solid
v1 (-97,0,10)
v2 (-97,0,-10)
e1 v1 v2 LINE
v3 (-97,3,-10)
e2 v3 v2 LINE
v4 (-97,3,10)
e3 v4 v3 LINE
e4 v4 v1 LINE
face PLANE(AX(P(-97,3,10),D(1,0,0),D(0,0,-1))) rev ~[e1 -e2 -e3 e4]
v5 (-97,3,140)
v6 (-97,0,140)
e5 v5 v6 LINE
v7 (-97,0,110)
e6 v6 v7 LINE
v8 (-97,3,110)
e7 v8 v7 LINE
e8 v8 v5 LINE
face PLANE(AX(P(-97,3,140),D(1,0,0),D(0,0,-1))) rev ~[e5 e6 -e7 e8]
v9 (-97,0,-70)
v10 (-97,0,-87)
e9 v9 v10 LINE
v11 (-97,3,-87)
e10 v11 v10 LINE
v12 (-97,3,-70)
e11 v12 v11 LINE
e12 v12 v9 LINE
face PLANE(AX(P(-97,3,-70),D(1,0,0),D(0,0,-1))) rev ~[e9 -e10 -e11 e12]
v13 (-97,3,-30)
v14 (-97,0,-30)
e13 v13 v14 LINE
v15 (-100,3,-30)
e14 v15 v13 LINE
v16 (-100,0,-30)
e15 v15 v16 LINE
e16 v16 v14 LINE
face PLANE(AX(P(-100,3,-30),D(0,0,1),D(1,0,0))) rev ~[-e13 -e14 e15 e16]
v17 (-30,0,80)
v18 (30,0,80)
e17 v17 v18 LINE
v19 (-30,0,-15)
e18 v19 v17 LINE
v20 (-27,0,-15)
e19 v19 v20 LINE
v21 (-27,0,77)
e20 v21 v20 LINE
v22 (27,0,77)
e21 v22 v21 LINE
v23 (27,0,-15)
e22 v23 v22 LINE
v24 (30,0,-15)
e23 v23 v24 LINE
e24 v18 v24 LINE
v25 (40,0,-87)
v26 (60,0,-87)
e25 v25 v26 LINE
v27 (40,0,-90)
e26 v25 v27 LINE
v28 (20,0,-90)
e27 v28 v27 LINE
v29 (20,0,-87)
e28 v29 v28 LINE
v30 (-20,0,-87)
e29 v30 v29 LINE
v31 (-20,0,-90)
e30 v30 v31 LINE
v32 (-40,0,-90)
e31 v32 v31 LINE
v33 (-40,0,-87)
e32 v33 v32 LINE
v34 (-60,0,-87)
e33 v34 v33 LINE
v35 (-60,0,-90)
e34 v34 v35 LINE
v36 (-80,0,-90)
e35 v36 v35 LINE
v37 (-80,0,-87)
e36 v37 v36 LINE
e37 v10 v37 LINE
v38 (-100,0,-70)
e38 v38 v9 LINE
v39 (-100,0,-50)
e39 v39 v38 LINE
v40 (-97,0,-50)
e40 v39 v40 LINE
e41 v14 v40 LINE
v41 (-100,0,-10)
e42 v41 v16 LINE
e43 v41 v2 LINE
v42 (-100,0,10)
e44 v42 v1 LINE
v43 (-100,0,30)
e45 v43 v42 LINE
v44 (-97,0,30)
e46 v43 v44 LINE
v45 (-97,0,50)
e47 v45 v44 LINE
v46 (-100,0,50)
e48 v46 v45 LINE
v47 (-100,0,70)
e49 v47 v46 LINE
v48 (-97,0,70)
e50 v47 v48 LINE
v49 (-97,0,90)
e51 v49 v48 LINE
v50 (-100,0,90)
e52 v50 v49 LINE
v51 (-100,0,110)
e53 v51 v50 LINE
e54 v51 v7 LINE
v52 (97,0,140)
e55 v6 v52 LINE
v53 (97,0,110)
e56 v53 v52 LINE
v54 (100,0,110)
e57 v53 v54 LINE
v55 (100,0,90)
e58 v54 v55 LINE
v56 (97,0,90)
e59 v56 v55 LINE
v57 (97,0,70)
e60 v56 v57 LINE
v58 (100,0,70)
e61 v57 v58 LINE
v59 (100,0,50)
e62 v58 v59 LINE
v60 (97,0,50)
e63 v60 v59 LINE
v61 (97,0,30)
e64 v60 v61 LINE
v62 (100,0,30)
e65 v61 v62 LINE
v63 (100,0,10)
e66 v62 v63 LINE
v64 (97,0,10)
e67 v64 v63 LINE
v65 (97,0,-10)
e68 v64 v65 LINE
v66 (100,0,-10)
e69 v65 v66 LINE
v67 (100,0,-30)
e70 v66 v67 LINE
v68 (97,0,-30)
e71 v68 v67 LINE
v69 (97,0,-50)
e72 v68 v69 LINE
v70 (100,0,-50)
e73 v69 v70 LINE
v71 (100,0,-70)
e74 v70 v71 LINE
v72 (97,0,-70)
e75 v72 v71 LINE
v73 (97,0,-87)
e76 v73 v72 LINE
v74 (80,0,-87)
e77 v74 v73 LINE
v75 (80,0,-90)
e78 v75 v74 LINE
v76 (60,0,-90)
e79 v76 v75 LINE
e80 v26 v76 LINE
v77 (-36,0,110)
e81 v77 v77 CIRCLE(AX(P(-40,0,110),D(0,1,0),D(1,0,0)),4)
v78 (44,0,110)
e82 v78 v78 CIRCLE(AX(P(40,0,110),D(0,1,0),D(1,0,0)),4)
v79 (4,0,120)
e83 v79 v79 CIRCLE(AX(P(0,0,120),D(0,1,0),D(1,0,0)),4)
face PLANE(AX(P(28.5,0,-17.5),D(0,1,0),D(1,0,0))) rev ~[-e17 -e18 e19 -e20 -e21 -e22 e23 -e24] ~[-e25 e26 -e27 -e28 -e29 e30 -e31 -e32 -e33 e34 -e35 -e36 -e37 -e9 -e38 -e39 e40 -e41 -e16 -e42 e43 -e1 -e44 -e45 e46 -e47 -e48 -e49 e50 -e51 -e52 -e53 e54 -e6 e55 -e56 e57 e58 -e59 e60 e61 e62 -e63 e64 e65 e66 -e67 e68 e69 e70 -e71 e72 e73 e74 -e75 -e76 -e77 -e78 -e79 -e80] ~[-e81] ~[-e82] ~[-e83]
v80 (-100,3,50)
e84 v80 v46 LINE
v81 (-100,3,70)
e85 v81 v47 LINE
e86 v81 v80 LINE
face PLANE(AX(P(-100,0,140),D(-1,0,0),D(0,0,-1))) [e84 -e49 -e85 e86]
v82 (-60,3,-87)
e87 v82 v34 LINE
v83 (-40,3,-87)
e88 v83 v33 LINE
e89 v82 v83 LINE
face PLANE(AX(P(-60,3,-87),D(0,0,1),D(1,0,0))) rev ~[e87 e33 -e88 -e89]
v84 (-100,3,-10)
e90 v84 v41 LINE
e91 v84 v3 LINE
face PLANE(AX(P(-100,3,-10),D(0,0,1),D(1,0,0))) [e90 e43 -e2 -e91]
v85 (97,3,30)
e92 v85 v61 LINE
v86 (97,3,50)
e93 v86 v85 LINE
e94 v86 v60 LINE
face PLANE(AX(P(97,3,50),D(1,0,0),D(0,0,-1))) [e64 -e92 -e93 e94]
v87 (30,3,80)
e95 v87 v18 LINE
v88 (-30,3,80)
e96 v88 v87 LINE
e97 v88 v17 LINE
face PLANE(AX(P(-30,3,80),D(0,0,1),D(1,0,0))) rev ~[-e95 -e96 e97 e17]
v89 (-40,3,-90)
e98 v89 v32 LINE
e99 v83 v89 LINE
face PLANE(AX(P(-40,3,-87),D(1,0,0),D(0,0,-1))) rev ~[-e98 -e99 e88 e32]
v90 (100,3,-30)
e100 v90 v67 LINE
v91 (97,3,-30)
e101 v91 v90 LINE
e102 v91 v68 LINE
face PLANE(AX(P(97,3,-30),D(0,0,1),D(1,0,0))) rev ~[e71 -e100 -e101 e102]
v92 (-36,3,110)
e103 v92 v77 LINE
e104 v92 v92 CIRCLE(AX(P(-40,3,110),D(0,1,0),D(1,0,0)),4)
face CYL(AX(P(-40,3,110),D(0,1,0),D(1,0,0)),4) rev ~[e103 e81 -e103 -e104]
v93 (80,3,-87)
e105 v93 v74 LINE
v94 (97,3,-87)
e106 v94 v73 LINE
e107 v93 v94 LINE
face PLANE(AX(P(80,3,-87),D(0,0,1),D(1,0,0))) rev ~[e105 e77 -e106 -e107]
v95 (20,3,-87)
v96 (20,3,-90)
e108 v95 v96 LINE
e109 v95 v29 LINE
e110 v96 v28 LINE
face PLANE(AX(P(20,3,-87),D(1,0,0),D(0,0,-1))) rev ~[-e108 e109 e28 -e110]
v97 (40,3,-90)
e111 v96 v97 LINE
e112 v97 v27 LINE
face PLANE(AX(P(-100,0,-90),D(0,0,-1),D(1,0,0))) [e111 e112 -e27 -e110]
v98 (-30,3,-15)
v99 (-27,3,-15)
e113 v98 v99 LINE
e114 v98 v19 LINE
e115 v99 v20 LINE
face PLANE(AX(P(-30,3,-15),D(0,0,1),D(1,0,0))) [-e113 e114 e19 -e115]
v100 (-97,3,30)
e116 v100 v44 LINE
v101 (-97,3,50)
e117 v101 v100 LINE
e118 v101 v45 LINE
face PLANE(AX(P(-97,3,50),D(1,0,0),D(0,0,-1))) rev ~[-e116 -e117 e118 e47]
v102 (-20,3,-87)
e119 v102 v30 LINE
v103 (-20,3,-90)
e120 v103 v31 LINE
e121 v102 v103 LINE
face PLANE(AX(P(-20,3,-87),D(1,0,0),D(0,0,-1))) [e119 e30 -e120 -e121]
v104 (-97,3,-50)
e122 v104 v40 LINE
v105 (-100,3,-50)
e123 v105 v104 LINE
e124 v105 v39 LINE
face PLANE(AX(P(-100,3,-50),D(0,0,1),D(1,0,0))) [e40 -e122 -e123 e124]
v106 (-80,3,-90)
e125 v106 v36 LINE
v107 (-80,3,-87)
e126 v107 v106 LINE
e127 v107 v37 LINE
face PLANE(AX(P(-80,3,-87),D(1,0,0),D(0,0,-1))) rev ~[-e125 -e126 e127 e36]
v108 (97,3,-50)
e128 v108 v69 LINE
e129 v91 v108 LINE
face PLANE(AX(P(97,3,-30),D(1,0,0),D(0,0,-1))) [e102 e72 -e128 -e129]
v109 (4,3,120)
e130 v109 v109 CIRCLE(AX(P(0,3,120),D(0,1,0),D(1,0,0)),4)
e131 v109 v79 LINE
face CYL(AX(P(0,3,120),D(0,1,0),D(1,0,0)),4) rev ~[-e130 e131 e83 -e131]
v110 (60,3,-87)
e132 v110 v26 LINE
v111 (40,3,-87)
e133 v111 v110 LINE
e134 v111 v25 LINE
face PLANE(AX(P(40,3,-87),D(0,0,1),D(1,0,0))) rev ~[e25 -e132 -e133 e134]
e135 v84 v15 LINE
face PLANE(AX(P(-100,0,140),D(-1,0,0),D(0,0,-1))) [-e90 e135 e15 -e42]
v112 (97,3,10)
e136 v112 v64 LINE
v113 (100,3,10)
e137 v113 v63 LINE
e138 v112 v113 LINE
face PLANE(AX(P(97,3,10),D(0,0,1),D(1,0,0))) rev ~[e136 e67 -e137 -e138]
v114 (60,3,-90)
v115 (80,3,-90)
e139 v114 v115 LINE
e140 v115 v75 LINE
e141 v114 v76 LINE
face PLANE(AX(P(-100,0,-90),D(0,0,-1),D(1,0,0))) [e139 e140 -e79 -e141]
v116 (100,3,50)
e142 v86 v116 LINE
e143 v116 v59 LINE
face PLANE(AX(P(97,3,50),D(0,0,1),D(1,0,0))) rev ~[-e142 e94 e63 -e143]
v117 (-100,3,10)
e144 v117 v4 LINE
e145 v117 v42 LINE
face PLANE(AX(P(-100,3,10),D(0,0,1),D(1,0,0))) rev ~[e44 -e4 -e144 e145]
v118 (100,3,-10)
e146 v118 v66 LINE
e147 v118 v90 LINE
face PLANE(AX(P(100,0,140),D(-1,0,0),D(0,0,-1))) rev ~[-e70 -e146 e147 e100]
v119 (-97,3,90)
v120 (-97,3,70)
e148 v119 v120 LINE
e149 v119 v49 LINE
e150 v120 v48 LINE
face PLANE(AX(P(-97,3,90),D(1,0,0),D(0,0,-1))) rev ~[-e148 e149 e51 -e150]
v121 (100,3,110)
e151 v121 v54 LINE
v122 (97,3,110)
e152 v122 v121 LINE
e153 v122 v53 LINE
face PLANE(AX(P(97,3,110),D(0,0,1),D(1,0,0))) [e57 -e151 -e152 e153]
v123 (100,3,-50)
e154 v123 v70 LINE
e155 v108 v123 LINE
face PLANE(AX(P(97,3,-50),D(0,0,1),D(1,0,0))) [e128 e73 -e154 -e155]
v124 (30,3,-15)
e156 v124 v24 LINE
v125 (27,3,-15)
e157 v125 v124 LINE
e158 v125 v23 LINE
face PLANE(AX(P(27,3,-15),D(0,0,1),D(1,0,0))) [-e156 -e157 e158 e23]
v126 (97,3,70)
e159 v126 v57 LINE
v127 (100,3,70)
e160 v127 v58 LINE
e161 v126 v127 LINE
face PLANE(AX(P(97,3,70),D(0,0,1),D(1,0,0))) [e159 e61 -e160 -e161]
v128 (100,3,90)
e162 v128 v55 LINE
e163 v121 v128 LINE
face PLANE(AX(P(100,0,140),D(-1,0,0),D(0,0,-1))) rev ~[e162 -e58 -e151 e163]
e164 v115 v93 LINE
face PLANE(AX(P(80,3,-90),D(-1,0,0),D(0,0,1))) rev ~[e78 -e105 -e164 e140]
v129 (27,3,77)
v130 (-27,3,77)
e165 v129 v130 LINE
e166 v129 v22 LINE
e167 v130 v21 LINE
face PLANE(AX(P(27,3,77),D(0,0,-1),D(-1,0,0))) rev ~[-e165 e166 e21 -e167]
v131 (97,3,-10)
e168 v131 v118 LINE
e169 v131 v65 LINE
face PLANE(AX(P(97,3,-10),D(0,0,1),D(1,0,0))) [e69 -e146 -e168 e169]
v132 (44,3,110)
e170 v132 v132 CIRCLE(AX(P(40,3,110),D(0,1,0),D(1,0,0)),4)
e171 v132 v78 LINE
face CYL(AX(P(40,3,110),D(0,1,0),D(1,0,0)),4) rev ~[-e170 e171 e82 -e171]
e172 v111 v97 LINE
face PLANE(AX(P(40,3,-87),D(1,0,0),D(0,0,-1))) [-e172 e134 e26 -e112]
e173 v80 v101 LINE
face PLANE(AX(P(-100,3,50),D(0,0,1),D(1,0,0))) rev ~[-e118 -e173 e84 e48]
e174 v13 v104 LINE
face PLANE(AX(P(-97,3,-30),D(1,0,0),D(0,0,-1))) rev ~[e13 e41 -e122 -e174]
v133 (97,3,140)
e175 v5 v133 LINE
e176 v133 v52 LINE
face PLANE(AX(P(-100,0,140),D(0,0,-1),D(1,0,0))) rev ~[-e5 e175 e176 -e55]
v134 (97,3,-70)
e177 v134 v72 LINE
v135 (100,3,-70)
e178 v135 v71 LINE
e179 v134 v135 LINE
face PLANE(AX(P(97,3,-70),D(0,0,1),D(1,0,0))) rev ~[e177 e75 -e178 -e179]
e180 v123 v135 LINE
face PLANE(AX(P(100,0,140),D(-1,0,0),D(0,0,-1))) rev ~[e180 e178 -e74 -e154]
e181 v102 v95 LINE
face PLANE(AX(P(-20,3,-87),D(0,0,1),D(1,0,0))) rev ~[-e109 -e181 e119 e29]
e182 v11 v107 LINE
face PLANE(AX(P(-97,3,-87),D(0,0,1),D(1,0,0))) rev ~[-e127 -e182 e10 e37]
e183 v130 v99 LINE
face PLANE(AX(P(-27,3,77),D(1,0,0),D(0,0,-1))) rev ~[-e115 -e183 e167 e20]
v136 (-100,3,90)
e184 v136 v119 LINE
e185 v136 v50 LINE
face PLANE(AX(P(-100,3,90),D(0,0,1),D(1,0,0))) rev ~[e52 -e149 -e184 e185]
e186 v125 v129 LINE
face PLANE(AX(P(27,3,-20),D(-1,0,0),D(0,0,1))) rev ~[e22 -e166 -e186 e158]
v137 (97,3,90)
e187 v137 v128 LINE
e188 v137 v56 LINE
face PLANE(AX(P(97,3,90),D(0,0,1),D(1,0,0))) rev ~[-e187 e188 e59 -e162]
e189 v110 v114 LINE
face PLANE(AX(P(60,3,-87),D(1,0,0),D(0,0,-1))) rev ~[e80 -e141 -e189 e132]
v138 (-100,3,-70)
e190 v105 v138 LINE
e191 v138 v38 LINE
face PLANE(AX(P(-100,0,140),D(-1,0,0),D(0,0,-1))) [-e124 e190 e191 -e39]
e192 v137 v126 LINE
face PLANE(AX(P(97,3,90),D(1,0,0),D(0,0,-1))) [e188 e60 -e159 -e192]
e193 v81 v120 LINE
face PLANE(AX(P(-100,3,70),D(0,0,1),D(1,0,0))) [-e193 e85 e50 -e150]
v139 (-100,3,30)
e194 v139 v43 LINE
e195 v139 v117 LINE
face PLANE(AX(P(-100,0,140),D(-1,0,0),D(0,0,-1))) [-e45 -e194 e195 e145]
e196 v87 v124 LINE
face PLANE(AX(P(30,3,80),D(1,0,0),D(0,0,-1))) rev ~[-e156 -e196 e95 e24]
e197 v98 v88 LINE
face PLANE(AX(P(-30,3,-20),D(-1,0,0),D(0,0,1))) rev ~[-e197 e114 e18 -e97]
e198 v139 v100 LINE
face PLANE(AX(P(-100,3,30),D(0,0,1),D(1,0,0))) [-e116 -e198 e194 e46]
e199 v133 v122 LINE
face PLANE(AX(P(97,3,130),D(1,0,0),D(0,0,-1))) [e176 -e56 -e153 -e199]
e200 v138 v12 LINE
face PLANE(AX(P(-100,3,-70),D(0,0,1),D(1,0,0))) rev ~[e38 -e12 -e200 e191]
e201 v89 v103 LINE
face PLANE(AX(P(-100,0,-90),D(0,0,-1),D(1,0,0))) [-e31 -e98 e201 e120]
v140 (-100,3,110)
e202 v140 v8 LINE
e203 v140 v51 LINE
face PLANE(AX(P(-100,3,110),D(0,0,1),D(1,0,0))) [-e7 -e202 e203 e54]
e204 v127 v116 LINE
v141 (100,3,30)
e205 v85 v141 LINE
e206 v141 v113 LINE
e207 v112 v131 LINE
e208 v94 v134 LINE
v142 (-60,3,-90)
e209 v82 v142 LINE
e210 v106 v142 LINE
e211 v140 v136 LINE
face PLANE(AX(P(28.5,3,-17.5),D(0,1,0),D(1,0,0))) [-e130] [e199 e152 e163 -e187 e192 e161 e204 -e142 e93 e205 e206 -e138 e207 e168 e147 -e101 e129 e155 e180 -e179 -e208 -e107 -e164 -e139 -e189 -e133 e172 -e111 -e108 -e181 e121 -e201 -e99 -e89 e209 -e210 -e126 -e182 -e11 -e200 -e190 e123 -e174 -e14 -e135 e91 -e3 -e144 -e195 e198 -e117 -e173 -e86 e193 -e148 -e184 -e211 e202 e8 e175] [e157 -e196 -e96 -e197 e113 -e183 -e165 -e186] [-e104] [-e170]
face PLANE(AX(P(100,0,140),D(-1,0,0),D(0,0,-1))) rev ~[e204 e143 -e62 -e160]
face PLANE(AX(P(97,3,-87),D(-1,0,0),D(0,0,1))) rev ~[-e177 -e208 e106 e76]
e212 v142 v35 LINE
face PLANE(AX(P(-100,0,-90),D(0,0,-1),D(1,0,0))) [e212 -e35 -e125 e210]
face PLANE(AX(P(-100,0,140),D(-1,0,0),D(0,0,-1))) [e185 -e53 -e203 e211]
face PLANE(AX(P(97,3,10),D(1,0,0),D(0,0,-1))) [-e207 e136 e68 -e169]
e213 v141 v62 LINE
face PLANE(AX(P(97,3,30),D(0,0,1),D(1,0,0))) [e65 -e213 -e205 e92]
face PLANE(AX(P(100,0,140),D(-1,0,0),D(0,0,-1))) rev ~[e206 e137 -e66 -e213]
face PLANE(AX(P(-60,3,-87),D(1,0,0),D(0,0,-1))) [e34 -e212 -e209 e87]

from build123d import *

# Parameters (mm, degrees)
SKETCH1_W           = 200
SKETCH1_H           = 230
BOSS_EXTRUDE1_DEPTH = 3
CUT_EXTRUDE2_DEPTH  = 3
SKETCH5_W           = 3
SKETCH5_H           = 20
SKETCH5_W_2         = 20
SKETCH5_H_2         = 3
SKETCH5_W_3         = 40
CUT_EXTRUDE4_DEPTH  = 3
SKETCH6_W           = 3
SKETCH6_H           = 5
BOSS_EXTRUDE2_DEPTH = 3
SKETCH7_W           = 3
SKETCH7_H           = 10
CUT_EXTRUDE5_DEPTH  = 3
SKETCH8_R           = 4
CUT_EXTRUDE6_DEPTH  = 3


with BuildPart() as part:
    # Sketch1 → Boss-Extrude1 (new body)
    with BuildSketch(Plane(origin=(0, 0, 0), x_dir=(1, 0, 0), z_dir=(0, 1, 0))):
        with Locations((0, -25)):
            Rectangle(SKETCH1_W, SKETCH1_H)
    extrude(amount=BOSS_EXTRUDE1_DEPTH)

    # Sketch2 → Cut-Extrude2 (cut)
    with BuildSketch(Plane(origin=(0, 3, 0), x_dir=(1, 0, 0), z_dir=(0, 1, 0))):
        Polygon((-30, -80), (30, -80), (30, 20), (27, 20), (27, -77), (-27, -77), (-27, 20), (-30, 20), align=None)
    extrude(amount=-CUT_EXTRUDE2_DEPTH, mode=Mode.SUBTRACT)

    # Sketch5 → Cut-Extrude4 (cut)
    with BuildSketch(Plane(origin=(0, 3, 0), x_dir=(1, 0, 0), z_dir=(0, 1, 0))):
        with Locations((98.5, -120)):
            Rectangle(SKETCH5_W, SKETCH5_H)
        Polygon((100, 90), (80, 90), (80, 87), (97, 87), (97, 70), (100, 70), align=None)
        Polygon((-100, 90), (-100, 70), (-97, 70), (-97, 87), (-80, 87), (-80, 90), align=None)
        with Locations((98.5, 40)):
            Rectangle(SKETCH5_W, SKETCH5_H)
        with Locations((98.5, 0)):
            Rectangle(SKETCH5_W, SKETCH5_H)
        with Locations((98.5, -40)):
            Rectangle(SKETCH5_W, SKETCH5_H)
        with Locations((98.5, -80)):
            Rectangle(SKETCH5_W, SKETCH5_H)
        with Locations((-98.5, 40)):
            Rectangle(SKETCH5_W, SKETCH5_H)
        with Locations((-98.5, 0)):
            Rectangle(SKETCH5_W, SKETCH5_H)
        with Locations((-98.5, -40)):
            Rectangle(SKETCH5_W, SKETCH5_H)
        with Locations((-98.5, -80)):
            Rectangle(SKETCH5_W, SKETCH5_H)
        with Locations((-98.5, -120)):
            Rectangle(SKETCH5_W, SKETCH5_H)
        with Locations((50, 88.5)):
            Rectangle(SKETCH5_W_2, SKETCH5_H_2)
        with Locations((0, 88.5)):
            Rectangle(SKETCH5_W_3, SKETCH5_H_2)
        with Locations((-50, 88.5)):
            Rectangle(SKETCH5_W_2, SKETCH5_H_2)
    extrude(amount=-CUT_EXTRUDE4_DEPTH, mode=Mode.SUBTRACT)

    # Sketch6 → Boss-Extrude2 (add)
    with BuildSketch(Plane(origin=(0, 3, 0), x_dir=(1, 0, 0), z_dir=(0, 1, 0))):
        with Locations((28.5, 17.5)):
            Rectangle(SKETCH6_W, SKETCH6_H)
        with Locations((-28.5, 17.5)):
            Rectangle(SKETCH6_W, SKETCH6_H)
    extrude(amount=-BOSS_EXTRUDE2_DEPTH)

    # Sketch7 → Cut-Extrude5 (cut)
    with BuildSketch(Plane(origin=(0, 3, 0), x_dir=(1, 0, 0), z_dir=(0, 1, 0))):
        with Locations((98.5, -135)):
            Rectangle(SKETCH7_W, SKETCH7_H)
        with Locations((-98.5, -135)):
            Rectangle(SKETCH7_W, SKETCH7_H)
    extrude(amount=-CUT_EXTRUDE5_DEPTH, mode=Mode.SUBTRACT)

    # Sketch8 → Cut-Extrude6 (cut)
    with BuildSketch(Plane(origin=(0, 3, 0), x_dir=(1, 0, 0), z_dir=(0, 1, 0))):
        with Locations((0, -120)):
            Circle(SKETCH8_R)
        with Locations((40, -110)):
            Circle(SKETCH8_R)
        with Locations((-40, -110)):
            Circle(SKETCH8_R)
    extrude(amount=-CUT_EXTRUDE6_DEPTH, mode=Mode.SUBTRACT)


solid = part.part
